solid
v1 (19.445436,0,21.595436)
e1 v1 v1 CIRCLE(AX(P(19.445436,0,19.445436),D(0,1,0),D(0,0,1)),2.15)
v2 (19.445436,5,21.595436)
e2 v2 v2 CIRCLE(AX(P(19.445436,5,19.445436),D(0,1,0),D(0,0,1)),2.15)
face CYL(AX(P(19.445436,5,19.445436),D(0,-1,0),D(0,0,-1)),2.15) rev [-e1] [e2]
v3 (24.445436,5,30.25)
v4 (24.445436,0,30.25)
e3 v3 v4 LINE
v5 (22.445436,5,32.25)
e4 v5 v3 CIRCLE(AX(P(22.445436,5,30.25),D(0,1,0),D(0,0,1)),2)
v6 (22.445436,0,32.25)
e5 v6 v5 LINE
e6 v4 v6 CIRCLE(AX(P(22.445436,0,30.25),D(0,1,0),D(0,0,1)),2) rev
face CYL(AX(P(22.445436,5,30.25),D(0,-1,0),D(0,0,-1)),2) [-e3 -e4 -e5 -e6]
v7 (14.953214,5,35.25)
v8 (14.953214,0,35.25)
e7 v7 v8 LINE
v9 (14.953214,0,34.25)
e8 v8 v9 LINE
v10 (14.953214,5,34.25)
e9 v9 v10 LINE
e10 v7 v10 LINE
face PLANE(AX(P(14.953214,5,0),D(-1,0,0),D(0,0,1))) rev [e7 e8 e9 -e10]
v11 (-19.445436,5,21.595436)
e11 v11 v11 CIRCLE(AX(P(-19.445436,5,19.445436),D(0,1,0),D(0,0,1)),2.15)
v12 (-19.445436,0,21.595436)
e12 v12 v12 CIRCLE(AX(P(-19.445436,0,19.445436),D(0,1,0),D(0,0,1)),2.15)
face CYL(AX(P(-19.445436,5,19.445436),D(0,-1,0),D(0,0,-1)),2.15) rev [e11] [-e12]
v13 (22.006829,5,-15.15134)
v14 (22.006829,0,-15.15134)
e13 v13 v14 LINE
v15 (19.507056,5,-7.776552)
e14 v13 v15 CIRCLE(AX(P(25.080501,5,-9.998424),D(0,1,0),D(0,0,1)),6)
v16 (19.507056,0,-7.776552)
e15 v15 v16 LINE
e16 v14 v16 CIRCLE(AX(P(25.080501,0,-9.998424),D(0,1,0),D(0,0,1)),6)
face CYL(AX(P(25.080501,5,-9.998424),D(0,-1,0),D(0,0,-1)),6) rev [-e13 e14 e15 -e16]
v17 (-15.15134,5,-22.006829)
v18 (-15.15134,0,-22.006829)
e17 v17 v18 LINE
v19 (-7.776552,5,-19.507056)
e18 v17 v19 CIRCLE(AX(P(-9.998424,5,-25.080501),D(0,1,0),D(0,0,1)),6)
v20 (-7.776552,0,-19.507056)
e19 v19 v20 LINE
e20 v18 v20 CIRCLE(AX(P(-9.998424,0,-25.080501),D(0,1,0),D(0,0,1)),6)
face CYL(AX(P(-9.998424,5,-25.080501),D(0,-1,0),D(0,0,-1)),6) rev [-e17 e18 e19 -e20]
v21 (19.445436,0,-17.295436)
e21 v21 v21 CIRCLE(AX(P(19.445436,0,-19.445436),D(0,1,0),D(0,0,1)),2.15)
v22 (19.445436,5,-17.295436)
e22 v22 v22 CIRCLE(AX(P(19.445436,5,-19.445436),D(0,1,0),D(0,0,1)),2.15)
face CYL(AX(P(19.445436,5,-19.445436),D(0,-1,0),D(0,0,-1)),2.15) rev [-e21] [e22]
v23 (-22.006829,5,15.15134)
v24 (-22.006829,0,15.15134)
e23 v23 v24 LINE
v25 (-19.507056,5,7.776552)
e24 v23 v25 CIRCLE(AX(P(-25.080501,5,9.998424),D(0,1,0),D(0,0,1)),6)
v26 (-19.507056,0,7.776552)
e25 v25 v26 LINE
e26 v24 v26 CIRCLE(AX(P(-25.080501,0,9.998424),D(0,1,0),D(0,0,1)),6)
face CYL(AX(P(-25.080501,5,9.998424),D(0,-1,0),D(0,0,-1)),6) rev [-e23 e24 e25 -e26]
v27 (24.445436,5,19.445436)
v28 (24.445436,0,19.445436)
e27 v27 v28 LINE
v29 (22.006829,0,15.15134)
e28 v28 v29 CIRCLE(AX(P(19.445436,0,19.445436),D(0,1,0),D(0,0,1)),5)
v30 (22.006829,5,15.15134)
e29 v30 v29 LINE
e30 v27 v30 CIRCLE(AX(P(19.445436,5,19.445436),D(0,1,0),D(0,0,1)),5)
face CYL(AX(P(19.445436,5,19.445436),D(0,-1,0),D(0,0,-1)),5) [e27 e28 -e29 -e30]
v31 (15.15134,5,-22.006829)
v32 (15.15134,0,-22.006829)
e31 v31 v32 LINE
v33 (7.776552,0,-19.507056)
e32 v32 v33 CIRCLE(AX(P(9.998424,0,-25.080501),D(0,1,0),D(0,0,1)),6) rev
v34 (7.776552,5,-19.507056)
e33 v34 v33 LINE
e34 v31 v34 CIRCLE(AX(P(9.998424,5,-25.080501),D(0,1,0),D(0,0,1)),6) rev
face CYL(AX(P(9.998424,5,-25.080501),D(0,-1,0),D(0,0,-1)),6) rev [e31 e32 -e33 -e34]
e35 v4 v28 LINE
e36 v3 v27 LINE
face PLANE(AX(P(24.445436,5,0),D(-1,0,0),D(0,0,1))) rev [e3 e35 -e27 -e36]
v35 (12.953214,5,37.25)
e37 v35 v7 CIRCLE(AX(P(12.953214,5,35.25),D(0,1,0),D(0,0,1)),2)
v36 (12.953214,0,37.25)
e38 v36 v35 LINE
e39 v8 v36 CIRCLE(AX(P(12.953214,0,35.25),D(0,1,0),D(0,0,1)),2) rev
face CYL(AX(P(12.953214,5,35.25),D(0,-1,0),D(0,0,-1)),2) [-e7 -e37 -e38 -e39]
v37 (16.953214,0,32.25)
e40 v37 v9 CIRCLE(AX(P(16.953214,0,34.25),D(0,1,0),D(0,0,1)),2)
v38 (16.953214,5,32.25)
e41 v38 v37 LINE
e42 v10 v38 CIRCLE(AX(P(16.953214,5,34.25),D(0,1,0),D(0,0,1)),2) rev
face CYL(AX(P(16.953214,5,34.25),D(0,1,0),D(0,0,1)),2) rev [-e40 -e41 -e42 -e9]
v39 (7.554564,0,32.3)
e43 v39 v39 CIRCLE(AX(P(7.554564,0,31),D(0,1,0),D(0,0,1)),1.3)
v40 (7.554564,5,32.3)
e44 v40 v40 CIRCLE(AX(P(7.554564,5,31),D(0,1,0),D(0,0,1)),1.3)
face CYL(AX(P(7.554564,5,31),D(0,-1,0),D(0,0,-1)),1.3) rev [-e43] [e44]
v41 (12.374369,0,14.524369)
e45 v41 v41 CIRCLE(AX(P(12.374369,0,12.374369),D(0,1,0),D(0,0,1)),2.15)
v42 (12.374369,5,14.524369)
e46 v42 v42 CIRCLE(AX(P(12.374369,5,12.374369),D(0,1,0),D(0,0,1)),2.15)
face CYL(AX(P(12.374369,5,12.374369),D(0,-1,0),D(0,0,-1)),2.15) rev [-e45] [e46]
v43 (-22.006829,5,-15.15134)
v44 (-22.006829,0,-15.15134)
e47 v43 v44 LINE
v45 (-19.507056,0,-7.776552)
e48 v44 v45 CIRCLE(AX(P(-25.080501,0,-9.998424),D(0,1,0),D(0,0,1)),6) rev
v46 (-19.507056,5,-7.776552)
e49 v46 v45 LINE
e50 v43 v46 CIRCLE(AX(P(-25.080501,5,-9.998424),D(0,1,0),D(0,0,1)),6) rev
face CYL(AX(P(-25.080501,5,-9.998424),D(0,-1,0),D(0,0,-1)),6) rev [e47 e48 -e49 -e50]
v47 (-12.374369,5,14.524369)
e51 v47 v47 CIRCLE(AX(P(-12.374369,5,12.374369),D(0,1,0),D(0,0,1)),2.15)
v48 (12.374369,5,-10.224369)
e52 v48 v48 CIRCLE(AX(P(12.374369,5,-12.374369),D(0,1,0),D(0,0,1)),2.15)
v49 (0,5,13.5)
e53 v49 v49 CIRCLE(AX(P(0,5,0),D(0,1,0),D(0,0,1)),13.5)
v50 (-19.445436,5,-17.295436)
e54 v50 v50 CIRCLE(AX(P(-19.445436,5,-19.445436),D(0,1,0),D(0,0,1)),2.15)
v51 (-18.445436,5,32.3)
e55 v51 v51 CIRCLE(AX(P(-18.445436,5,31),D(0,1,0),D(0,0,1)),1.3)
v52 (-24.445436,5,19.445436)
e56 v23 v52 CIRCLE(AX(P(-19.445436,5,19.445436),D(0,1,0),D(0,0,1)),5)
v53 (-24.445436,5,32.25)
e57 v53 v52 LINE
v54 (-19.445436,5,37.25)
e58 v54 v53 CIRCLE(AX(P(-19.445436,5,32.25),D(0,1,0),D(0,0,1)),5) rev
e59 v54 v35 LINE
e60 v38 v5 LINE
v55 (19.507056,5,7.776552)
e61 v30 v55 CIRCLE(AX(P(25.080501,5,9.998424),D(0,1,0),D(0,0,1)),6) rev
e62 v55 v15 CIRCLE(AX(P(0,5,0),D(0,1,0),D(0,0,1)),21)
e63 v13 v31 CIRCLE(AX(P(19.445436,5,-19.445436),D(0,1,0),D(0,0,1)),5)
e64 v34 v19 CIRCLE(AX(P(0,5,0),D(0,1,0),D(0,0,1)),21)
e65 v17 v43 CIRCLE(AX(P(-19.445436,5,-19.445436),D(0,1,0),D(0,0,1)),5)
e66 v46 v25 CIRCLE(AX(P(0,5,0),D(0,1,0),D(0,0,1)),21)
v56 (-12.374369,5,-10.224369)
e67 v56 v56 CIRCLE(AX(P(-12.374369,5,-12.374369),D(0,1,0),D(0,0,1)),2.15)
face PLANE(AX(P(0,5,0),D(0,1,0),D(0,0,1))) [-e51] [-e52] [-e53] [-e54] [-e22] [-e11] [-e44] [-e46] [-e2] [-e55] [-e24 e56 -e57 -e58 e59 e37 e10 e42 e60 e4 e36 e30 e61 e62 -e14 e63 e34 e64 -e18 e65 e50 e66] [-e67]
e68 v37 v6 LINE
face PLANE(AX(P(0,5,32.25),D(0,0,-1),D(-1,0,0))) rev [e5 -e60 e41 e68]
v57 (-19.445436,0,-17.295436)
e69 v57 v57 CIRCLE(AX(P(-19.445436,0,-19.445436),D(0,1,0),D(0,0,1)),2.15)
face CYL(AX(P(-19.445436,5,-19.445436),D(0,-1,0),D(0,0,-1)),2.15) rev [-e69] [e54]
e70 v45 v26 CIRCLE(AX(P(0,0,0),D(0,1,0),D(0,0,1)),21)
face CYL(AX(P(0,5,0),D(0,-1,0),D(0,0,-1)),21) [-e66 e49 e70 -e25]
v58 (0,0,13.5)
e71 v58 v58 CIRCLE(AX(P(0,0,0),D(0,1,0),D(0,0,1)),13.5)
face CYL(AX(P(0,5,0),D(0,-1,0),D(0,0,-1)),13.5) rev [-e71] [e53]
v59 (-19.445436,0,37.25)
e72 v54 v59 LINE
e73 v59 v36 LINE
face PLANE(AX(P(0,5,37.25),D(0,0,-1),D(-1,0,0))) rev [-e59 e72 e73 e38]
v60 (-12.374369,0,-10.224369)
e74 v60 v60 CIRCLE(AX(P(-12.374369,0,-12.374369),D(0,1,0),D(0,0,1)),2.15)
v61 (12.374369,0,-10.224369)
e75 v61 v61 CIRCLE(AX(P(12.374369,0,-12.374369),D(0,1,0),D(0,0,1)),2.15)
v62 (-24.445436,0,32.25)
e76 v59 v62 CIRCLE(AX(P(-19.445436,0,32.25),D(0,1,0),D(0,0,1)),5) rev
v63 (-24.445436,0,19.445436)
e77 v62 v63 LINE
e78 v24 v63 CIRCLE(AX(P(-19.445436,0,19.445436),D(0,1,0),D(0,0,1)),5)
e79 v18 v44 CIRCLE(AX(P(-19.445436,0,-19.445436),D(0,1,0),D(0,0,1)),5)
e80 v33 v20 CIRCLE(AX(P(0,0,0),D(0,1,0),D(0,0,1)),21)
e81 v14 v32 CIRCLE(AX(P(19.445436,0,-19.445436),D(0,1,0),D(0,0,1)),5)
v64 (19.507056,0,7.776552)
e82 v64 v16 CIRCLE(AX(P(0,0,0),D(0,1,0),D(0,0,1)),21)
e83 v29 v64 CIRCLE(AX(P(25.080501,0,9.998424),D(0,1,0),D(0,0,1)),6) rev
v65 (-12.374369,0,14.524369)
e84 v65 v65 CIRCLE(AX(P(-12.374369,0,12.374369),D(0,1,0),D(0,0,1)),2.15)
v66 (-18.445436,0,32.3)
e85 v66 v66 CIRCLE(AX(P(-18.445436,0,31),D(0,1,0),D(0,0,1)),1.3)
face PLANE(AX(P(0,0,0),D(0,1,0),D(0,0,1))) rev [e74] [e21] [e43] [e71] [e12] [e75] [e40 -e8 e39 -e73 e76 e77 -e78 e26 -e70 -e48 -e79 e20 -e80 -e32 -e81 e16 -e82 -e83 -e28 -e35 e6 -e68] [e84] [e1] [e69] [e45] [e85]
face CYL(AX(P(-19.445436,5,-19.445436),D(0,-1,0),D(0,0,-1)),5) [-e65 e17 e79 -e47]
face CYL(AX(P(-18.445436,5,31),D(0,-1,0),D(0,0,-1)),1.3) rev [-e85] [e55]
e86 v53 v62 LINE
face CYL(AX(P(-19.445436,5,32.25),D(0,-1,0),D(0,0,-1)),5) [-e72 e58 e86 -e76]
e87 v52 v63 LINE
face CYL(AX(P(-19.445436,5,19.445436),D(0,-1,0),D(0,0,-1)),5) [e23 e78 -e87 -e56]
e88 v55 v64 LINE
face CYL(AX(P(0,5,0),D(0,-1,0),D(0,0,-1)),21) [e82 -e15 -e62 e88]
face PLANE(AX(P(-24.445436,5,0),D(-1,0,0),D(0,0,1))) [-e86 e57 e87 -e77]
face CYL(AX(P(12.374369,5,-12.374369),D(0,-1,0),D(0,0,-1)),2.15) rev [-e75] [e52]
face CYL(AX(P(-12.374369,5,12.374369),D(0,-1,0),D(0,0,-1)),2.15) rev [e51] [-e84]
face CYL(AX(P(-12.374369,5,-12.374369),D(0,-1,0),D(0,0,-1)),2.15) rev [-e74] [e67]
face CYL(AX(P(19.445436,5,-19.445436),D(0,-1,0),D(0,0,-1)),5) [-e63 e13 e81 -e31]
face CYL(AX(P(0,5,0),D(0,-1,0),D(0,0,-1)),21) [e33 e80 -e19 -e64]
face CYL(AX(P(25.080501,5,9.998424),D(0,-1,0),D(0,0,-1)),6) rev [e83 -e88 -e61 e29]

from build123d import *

# Parameters (mm, degrees)
SKETCH_1_R      = 13.5
SKETCH_1_R_2    = 2.15
SKETCH_1_R_3    = 1.3
EXTRUDE_1_DEPTH = 5
FILLET_1_R      = 2


with BuildPart() as part:
    # ｽｹｯﾁ1 → ﾎﾞｽ - 押し出し1 (new body)
    with BuildSketch(Plane(origin=(0, 0, 0), x_dir=(1, 0, 0), z_dir=(0, 1, 0))):
        with BuildLine():
            Line((-24.445436483, -32.25), (-24.445436483, -19.445436483))
            ThreePointArc((-24.445436483, -19.445436483), (-23.793249982, -16.976323733), (-22.006829374, -15.151339784))
            ThreePointArc((-22.006829374, -15.151339784), (-19.398069264, -11.924552334), (-19.507056212, -7.776551803))
            ThreePointArc((-19.507056212, -7.776551803), (-21, 0), (-19.507056212, 7.776551803))
            ThreePointArc((-19.507056212, 7.776551803), (-19.398069264, 11.924552334), (-22.006829374, 15.151339784))
            ThreePointArc((-22.006829374, 15.151339784), (-22.980970389, 22.980970389), (-15.151339784, 22.006829374))
            ThreePointArc((-15.151339784, 22.006829374), (-11.924552334, 19.398069264), (-7.776551803, 19.507056212))
            ThreePointArc((-7.776551803, 19.507056212), (0, 21), (7.776551803, 19.507056212))
            ThreePointArc((7.776551803, 19.507056212), (11.924552334, 19.398069264), (15.151339784, 22.006829374))
            ThreePointArc((15.151339784, 22.006829374), (22.980970389, 22.980970389), (22.006829374, 15.151339784))
            ThreePointArc((22.006829374, 15.151339784), (19.398069264, 11.924552334), (19.507056212, 7.776551803))
            ThreePointArc((19.507056212, 7.776551803), (21, 0), (19.507056212, -7.776551803))
            ThreePointArc((19.507056212, -7.776551803), (19.398069264, -11.924552334), (22.006829374, -15.151339784))
            ThreePointArc((22.006829374, -15.151339784), (23.793249982, -16.976323733), (24.445436483, -19.445436483))
            Line((24.445436483, -19.445436483), (24.445436483, -32.25))
            Line((24.445436483, -32.25), (14.953214466, -32.25))
            Line((14.953214466, -32.25), (14.953214466, -37.25))
            Line((14.953214466, -37.25), (-19.445436483, -37.25))
            ThreePointArc((-19.445436483, -37.25), (-22.980970389, -35.785533906), (-24.445436483, -32.25))
        make_face()
        with Locations(Location((0, 0, 0), (0, 0, 270))):
            Circle(SKETCH_1_R, mode=Mode.SUBTRACT)
        with Locations(Location((12.374368671, 12.374368671, 0), (0, 0, 270))):
            Circle(SKETCH_1_R_2, mode=Mode.SUBTRACT)
        with Locations(Location((12.374368671, -12.374368671, 0), (0, 0, 270))):
            Circle(SKETCH_1_R_2, mode=Mode.SUBTRACT)
        with Locations(Location((-12.374368671, -12.374368671, 0), (0, 0, 270))):
            Circle(SKETCH_1_R_2, mode=Mode.SUBTRACT)
        with Locations(Location((-12.374368671, 12.374368671, 0), (0, 0, 270))):
            Circle(SKETCH_1_R_2, mode=Mode.SUBTRACT)
        with Locations(Location((19.445436483, 19.445436483, 0), (0, 0, 270))):
            Circle(SKETCH_1_R_2, mode=Mode.SUBTRACT)
        with Locations(Location((19.445436483, -19.445436483, 0), (0, 0, 270))):
            Circle(SKETCH_1_R_2, mode=Mode.SUBTRACT)
        with Locations(Location((-19.445436483, -19.445436483, 0), (0, 0, 270))):
            Circle(SKETCH_1_R_2, mode=Mode.SUBTRACT)
        with Locations(Location((-19.445436483, 19.445436483, 0), (0, 0, 270))):
            Circle(SKETCH_1_R_2, mode=Mode.SUBTRACT)
        with Locations(Location((7.554563517, -31, 0), (0, 0, 270))):
            Circle(SKETCH_1_R_3, mode=Mode.SUBTRACT)
        with Locations(Location((-18.445436483, -31, 0), (0, 0, 270))):
            Circle(SKETCH_1_R_3, mode=Mode.SUBTRACT)
    extrude(amount=EXTRUDE_1_DEPTH)

    # ﾌｨﾚｯﾄ1
    fillet_1_edges = [part.edges().sort_by_distance(p)[0] for p in [
        (24.445436483, 2.5, 32.25),
        (14.953214466, 2.5, 32.25),
        (14.953214466, 2.5, 37.25),
    ]]
    fillet(fillet_1_edges, radius=FILLET_1_R)


solid = part.part
